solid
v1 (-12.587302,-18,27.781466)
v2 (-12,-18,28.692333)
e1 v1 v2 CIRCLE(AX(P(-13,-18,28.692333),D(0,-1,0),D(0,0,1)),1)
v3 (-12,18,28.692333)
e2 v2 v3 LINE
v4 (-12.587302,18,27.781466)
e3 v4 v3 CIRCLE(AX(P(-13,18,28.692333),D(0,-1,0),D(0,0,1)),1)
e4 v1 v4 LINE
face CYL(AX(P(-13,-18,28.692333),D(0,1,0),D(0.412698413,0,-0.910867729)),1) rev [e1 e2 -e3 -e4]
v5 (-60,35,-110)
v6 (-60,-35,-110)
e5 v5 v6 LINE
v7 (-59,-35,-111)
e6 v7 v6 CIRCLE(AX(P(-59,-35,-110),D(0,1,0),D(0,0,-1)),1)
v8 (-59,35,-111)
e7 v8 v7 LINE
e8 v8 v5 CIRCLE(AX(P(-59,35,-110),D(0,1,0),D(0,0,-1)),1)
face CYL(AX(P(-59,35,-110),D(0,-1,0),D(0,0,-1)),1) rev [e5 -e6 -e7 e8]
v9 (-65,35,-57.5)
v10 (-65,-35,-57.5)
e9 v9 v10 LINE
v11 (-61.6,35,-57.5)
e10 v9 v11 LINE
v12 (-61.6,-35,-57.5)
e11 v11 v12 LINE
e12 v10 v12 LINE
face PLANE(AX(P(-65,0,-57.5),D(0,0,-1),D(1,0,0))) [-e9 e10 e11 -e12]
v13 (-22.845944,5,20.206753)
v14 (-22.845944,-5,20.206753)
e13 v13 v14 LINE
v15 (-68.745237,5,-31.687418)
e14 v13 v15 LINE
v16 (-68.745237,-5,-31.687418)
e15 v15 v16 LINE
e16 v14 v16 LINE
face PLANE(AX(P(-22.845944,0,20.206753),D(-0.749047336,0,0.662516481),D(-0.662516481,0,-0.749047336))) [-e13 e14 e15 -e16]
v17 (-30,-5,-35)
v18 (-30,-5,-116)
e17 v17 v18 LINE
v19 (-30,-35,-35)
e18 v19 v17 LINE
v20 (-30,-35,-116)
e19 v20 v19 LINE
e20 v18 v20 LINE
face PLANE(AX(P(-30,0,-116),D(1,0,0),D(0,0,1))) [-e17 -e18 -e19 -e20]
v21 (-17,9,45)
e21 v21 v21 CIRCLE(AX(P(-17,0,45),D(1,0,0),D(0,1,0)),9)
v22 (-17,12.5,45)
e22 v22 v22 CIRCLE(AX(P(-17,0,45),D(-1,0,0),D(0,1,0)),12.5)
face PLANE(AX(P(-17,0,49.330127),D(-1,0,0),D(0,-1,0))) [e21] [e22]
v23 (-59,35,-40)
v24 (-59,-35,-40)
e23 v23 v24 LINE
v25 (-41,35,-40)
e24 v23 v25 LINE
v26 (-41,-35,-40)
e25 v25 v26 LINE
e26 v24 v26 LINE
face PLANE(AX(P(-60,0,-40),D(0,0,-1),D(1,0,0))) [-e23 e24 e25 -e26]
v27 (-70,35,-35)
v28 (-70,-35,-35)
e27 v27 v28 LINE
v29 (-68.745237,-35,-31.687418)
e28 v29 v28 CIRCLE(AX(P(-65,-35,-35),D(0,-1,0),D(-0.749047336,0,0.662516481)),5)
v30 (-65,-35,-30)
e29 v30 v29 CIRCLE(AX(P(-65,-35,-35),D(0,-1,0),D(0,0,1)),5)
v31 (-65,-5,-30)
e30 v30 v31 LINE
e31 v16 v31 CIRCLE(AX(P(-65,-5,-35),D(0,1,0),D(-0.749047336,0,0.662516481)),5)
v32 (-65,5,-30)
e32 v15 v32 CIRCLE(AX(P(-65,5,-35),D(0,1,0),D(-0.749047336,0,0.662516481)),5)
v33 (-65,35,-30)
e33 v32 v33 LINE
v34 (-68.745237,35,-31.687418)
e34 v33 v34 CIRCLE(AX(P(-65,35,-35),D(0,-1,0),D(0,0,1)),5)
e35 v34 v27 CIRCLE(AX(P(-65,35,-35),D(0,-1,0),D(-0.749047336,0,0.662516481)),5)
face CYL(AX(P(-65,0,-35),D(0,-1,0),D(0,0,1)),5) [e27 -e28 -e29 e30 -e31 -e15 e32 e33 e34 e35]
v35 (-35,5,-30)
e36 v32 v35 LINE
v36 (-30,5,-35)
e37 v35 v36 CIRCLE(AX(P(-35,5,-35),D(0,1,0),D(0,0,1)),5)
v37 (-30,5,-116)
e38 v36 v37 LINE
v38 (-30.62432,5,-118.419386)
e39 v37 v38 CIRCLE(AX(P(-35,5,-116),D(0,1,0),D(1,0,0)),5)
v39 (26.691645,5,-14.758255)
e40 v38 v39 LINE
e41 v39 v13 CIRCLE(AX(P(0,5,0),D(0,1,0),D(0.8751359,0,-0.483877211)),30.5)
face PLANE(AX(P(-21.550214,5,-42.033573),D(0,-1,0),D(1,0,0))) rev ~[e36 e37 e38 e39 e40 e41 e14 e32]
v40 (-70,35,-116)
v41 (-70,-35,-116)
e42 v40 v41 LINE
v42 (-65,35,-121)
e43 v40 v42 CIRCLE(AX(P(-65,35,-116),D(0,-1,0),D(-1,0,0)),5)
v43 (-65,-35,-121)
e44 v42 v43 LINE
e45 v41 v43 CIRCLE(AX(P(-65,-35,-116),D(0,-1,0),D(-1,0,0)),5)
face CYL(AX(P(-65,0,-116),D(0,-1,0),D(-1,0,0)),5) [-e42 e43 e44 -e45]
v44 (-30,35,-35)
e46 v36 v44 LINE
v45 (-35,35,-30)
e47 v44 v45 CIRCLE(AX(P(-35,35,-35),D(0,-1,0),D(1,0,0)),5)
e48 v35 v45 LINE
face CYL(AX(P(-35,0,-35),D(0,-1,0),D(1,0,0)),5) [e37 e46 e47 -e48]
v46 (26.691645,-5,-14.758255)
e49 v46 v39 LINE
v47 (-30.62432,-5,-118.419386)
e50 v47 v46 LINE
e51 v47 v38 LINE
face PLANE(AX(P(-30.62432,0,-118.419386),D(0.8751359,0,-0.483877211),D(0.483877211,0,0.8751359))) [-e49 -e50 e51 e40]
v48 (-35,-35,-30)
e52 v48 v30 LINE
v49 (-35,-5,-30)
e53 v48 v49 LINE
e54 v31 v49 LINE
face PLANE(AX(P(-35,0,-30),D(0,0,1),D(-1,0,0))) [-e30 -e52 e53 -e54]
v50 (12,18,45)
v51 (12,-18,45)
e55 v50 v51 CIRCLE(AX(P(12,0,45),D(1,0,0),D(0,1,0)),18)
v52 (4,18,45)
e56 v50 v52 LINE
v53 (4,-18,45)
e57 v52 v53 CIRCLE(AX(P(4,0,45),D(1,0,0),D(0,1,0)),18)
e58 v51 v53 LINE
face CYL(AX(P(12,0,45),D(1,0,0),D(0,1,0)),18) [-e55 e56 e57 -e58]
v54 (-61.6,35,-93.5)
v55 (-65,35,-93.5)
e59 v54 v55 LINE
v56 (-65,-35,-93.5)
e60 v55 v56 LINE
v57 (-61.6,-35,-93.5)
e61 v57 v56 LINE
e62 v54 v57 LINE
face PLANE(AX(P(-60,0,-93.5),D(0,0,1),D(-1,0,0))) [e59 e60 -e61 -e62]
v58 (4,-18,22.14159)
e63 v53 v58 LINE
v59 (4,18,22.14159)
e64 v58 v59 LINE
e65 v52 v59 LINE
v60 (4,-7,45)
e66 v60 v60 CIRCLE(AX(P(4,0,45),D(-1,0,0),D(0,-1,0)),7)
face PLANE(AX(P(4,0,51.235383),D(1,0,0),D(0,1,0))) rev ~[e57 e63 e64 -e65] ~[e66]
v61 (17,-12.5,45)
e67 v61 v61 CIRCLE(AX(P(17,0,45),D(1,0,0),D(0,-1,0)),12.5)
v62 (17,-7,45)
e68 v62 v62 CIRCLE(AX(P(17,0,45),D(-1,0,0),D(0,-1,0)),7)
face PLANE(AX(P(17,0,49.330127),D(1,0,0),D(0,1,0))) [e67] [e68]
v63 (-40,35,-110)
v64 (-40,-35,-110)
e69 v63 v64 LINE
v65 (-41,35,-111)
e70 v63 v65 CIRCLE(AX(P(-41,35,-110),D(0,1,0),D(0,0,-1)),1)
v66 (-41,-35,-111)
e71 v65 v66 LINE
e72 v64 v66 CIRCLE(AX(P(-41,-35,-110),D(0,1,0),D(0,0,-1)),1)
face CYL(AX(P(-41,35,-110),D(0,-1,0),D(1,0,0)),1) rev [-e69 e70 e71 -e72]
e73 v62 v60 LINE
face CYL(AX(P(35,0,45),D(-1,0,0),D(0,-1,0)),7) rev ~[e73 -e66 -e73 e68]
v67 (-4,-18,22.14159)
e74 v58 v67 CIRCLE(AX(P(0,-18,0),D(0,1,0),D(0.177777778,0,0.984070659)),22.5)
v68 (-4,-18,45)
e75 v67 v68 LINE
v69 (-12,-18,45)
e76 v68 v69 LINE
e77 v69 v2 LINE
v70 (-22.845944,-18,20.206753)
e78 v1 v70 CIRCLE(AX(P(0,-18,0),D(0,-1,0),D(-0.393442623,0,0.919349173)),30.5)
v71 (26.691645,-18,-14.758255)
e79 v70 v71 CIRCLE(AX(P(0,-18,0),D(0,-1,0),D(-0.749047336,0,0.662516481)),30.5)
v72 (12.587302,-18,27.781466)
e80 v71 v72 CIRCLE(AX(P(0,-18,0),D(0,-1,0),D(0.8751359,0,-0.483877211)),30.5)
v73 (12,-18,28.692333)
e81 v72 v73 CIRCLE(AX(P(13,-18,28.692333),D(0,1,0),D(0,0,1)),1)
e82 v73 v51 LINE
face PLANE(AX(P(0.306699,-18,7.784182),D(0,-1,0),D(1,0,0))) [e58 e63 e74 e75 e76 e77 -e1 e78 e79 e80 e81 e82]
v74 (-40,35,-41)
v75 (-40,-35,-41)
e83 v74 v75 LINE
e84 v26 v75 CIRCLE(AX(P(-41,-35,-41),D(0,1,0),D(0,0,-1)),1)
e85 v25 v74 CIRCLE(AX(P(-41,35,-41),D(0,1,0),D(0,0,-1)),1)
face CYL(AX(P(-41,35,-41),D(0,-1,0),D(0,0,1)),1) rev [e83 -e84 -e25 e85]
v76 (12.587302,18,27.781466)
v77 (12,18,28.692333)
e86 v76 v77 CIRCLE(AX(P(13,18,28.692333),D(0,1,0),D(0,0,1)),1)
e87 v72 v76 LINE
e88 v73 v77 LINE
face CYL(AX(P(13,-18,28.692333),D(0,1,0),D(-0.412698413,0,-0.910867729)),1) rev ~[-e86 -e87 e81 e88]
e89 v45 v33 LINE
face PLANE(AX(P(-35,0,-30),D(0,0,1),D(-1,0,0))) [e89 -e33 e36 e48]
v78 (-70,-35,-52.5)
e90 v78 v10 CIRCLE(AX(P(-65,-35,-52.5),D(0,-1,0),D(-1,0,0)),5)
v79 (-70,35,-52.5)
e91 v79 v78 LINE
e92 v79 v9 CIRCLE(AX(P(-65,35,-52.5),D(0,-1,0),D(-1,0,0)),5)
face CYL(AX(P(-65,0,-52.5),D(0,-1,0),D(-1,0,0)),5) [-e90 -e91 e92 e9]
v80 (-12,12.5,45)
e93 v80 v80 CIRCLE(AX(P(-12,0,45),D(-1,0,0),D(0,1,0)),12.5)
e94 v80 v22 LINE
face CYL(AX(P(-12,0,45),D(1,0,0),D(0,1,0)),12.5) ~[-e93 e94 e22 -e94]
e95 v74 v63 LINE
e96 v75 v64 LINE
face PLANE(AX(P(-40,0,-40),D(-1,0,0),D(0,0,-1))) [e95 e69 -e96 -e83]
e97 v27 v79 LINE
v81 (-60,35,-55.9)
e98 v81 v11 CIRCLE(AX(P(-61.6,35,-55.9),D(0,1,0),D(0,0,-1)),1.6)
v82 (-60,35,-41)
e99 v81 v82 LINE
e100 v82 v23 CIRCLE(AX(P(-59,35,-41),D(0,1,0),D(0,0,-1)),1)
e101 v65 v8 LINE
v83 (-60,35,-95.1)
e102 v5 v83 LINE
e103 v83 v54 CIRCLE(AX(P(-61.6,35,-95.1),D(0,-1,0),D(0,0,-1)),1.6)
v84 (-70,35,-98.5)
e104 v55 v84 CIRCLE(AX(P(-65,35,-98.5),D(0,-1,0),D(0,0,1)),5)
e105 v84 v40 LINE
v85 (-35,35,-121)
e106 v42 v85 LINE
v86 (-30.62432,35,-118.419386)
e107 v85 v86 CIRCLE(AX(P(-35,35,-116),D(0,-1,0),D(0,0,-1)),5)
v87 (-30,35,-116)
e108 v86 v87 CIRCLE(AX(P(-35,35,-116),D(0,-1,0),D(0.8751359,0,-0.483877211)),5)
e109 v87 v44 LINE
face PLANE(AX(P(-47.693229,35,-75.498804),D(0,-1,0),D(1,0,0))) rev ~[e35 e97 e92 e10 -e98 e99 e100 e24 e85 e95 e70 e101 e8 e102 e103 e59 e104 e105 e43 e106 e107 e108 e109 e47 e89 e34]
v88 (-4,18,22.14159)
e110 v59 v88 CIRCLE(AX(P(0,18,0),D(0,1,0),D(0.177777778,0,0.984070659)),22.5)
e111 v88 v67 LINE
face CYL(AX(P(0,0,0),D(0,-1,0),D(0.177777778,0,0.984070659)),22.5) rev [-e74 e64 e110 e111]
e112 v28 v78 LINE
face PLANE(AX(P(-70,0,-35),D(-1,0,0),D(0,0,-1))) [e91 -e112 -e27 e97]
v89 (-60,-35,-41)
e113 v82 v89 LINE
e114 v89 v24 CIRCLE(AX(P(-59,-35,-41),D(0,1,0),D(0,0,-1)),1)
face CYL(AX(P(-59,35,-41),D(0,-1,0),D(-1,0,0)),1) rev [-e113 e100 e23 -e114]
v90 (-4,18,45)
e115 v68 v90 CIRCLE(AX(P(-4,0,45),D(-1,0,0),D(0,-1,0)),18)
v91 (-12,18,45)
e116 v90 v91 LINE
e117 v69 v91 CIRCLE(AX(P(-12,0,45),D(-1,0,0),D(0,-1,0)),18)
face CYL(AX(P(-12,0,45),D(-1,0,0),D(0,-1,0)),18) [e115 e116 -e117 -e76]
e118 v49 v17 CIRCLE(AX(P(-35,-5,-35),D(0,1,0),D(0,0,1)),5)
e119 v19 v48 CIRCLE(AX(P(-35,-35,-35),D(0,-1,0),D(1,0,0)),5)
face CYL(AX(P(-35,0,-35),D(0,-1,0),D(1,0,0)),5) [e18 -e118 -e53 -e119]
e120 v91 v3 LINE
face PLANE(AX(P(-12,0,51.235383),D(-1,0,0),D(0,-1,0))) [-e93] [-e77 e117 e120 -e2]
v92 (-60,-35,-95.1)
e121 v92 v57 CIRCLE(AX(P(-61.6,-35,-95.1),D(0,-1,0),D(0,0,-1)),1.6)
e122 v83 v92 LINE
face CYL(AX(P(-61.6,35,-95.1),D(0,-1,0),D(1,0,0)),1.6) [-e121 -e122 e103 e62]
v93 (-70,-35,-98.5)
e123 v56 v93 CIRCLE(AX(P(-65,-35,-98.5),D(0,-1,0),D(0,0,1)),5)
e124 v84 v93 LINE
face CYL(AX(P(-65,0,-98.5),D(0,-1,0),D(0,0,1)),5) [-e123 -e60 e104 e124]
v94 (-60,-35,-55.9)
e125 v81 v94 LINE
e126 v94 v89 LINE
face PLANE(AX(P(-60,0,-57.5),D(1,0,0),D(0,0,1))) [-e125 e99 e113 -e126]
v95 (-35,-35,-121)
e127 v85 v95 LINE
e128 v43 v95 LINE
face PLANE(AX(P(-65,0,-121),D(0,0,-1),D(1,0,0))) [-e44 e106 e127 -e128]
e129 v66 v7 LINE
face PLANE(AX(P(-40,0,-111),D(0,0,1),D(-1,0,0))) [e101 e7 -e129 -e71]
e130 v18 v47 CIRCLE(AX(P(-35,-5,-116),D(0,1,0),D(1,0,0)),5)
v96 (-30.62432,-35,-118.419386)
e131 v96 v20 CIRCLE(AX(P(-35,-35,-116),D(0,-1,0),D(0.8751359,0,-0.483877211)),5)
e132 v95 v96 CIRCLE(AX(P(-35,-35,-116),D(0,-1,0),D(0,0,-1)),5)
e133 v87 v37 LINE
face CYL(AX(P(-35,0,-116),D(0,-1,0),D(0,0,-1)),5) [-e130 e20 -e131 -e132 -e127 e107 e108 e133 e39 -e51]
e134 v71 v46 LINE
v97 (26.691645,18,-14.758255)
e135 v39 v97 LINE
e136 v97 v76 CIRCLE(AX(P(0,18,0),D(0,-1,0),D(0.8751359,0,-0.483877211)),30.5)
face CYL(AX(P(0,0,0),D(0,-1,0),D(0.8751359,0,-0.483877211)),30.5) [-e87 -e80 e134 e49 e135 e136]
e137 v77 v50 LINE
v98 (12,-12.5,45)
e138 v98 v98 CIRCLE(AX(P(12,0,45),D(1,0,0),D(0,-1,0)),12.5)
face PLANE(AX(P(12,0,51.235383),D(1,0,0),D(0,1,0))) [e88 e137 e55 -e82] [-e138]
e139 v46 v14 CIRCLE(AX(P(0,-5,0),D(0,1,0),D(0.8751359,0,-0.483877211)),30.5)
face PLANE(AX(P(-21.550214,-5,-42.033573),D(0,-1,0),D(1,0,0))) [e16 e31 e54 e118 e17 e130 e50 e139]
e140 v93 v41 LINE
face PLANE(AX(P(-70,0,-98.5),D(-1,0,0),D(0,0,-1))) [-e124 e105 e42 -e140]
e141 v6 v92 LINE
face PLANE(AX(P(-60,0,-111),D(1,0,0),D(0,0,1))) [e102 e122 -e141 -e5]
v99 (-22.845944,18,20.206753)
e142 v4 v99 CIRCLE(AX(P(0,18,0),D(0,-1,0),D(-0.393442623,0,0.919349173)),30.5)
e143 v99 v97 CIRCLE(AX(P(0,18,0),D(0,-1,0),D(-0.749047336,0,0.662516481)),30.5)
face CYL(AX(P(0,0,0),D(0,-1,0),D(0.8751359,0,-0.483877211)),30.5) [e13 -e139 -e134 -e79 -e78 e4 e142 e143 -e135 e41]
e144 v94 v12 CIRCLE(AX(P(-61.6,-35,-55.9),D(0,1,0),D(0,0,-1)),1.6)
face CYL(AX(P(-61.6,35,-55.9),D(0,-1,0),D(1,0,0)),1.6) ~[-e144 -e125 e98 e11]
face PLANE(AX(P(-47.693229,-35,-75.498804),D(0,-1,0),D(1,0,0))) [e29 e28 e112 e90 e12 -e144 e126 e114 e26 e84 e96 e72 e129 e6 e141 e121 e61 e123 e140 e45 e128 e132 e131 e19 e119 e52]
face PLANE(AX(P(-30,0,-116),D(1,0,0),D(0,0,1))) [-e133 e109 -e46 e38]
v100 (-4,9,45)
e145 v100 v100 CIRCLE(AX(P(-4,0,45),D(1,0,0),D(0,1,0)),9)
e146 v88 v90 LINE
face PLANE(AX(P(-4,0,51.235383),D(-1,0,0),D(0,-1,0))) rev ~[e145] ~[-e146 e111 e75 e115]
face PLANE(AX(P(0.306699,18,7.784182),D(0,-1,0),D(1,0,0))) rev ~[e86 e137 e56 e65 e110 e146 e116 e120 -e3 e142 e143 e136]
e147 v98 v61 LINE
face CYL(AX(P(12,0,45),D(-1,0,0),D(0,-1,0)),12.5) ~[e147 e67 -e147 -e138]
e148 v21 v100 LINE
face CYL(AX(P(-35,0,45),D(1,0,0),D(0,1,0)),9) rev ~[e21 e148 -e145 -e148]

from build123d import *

# Parameters (mm, degrees)
F1_DEPTH  = 18
F2_DEPTH  = 5
F3_DEPTH  = 35
F6_DEPTH  = 8
F8_DEPTH  = 8
F10_DEPTH = 5
F12_DEPTH = 5
F14_D     = 18
F14_DEPTH = 18
F14_TIP   = 5.4077455712
F16_D     = 14
F16_DEPTH = 18
F16_TIP   = 4.2060243332
F17_R     = 1
F18_R     = 1.6
F19_R     = 1


with BuildPart() as f1:
    # F0 (on Front) → F1 (new body, symmetric)
    with BuildSketch(Plane.XZ):
        with BuildLine():
            ThreePointArc((4, 22.1415898255), (0, -22.5), (-4, 22.1415898255))
            Line((-4, 22.1415898255), (-4, 45))
            Line((-4, 45), (-12, 45))
            Line((-12, 45), (-12, 28.0401497856))
            ThreePointArc((-12, 28.0401497856), (-17.8577847603, 24.7254832805), (-22.845943753, 20.2067526841))
            ThreePointArc((-22.845943753, 20.2067526841), (-17.587930353, -24.9181601628), (26.691644965, -14.7582549463))
            ThreePointArc((26.691644965, -14.7582549463), (28.8476465145, 9.9026910774), (12, 28.0401497856))
            Line((12, 28.0401497856), (12, 45))
            Line((12, 45), (4, 45))
            Line((4, 45), (4, 22.1415898255))
        make_face()
    extrude(amount=F1_DEPTH, both=True)

    # F0 (on Front) → F2 (join, symmetric)
    with BuildSketch(Plane.XZ):
        with BuildLine():
            ThreePointArc((26.691644965, -14.7582549463), (-17.587930353, -24.9181601628), (-22.845943753, 20.2067526841))
            Line((-22.845943753, 20.2067526841), (-68.7452366808, -31.6874175928))
            ThreePointArc((-68.7452366808, -31.6874175928), (-67.0539094386, -30.4413317714), (-65, -30))
            Line((-65, -30), (-35, -30))
            ThreePointArc((-35, -30), (-31.4644660941, -31.4644660941), (-30, -35))
            Line((-30, -35), (-30, -116))
            ThreePointArc((-30, -116), (-30.1585953736, -117.2493203127), (-30.6243204975, -118.4193860568))
            Line((-30.6243204975, -118.4193860568), (26.691644965, -14.7582549463))
        make_face()
    extrude(amount=F2_DEPTH, both=True)

    # F0 (on Front) → F3 (join, symmetric)
    with BuildSketch(Plane.XZ):
        with BuildLine():
            ThreePointArc((-65, -30), (-67.0539094386, -30.4413317714), (-68.7452366808, -31.6874175928))
            ThreePointArc((-68.7452366808, -31.6874175928), (-69.6757985096, -33.2288680744), (-70, -35))
            Line((-70, -35), (-70, -52.5))
            ThreePointArc((-70, -52.5), (-68.5355339059, -56.0355339059), (-65, -57.5))
            Line((-65, -57.5), (-60, -57.5))
            Line((-60, -57.5), (-60, -40))
            Line((-60, -40), (-40, -40))
            Line((-40, -40), (-40, -111))
            Line((-40, -111), (-60, -111))
            Line((-60, -111), (-60, -93.5))
            Line((-60, -93.5), (-65, -93.5))
            ThreePointArc((-65, -93.5), (-68.5355339059, -94.9644660941), (-70, -98.5))
            Line((-70, -98.5), (-70, -116))
            ThreePointArc((-70, -116), (-68.5355339059, -119.5355339059), (-65, -121))
            Line((-65, -121), (-35, -121))
            ThreePointArc((-35, -121), (-32.4600128232, -120.3067929068), (-30.6243204975, -118.4193860568))
            ThreePointArc((-30.6243204975, -118.4193860568), (-30.1585953736, -117.2493203127), (-30, -116))
            Line((-30, -116), (-30, -35))
            ThreePointArc((-30, -35), (-31.4644660941, -31.4644660941), (-35, -30))
            Line((-35, -30), (-65, -30))
        make_face()
    extrude(amount=F3_DEPTH, both=True)

    # F5 (on face) → F6 (join, through all)
    with BuildSketch(Plane.YZ.offset(12)):
        with BuildLine():
            Line((-18, 45), (18, 45))
            ThreePointArc((18, 45), (0, 63), (-18, 45))
        make_face()
    extrude(amount=-F6_DEPTH)

    # F7 (on face) → F8 (join, through all)
    with BuildSketch(Plane(origin=(-12, 0, 0), x_dir=(0, -1, 0), z_dir=(-1, 0, 0))):
        with BuildLine():
            Line((-18, 45), (18, 45))
            ThreePointArc((18, 45), (0, 63), (-18, 45))
        make_face()
    extrude(amount=-F8_DEPTH)

    # F9 (on face) → F10 (join)
    with BuildSketch(Plane(origin=(-12, 0, 0), x_dir=(0, -1, 0), z_dir=(-1, 0, 0))):
        with BuildLine():
            Line((-12.5, 45), (12.5, 45))
            ThreePointArc((12.5, 45), (0, 57.5), (-12.5, 45))
        make_face()
        with BuildLine():
            ThreePointArc((-12.5, 45), (0, 32.5), (12.5, 45))
            Line((12.5, 45), (-12.5, 45))
        make_face()
    extrude(amount=F10_DEPTH)

    # F11 (on face) → F12 (join)
    with BuildSketch(Plane.YZ.offset(12)):
        with BuildLine():
            Line((-12.5, 45), (12.5, 45))
            ThreePointArc((12.5, 45), (0, 57.5), (-12.5, 45))
        make_face()
        with BuildLine():
            ThreePointArc((-12.5, 45), (0, 32.5), (12.5, 45))
            Line((12.5, 45), (-12.5, 45))
        make_face()
    extrude(amount=F12_DEPTH)

    # F14
    with Locations(Plane(origin=(-17, 0, 0), x_dir=(0, -1, 0), z_dir=(-1, 0, 0))):
        with Locations((0, 45)):
            Hole(F14_D / 2, depth=F14_DEPTH)
            with Locations((0, 0, -(F14_DEPTH + F14_TIP / 2))):  # 118° drill point
                Cone(0, F14_D / 2, F14_TIP, mode=Mode.SUBTRACT)

    # F16
    with Locations(Plane.YZ.offset(17)):
        with Locations((0, 45)):
            Hole(F16_D / 2, depth=F16_DEPTH)
            with Locations((0, 0, -(F16_DEPTH + F16_TIP / 2))):  # 118° drill point
                Cone(0, F16_D / 2, F16_TIP, mode=Mode.SUBTRACT)

    # F17
    f17_edges = [f1.edges().sort_by_distance(p)[0] for p in [
        (-60, 0, -40),
        (-40, 0, -40),
        (-40, 0, -111),
        (-60, 0, -111),
    ]]
    fillet(f17_edges, radius=F17_R)

    # F18
    f18_edges = [f1.edges().sort_by_distance(p)[0] for p in [
        (-60, 0, -57.5),
        (-60, 0, -93.5),
    ]]
    fillet(f18_edges, radius=F18_R)

    # F19
    f19_edges = [f1.edges().sort_by_distance(p)[0] for p in [
        (12, 9, 28.04015),
        (12, -9, 28.04015),
        (-12, 9, 28.04015),
        (-12, -9, 28.04015),
    ]]
    fillet(f19_edges, radius=F19_R)


solid = f1.part
